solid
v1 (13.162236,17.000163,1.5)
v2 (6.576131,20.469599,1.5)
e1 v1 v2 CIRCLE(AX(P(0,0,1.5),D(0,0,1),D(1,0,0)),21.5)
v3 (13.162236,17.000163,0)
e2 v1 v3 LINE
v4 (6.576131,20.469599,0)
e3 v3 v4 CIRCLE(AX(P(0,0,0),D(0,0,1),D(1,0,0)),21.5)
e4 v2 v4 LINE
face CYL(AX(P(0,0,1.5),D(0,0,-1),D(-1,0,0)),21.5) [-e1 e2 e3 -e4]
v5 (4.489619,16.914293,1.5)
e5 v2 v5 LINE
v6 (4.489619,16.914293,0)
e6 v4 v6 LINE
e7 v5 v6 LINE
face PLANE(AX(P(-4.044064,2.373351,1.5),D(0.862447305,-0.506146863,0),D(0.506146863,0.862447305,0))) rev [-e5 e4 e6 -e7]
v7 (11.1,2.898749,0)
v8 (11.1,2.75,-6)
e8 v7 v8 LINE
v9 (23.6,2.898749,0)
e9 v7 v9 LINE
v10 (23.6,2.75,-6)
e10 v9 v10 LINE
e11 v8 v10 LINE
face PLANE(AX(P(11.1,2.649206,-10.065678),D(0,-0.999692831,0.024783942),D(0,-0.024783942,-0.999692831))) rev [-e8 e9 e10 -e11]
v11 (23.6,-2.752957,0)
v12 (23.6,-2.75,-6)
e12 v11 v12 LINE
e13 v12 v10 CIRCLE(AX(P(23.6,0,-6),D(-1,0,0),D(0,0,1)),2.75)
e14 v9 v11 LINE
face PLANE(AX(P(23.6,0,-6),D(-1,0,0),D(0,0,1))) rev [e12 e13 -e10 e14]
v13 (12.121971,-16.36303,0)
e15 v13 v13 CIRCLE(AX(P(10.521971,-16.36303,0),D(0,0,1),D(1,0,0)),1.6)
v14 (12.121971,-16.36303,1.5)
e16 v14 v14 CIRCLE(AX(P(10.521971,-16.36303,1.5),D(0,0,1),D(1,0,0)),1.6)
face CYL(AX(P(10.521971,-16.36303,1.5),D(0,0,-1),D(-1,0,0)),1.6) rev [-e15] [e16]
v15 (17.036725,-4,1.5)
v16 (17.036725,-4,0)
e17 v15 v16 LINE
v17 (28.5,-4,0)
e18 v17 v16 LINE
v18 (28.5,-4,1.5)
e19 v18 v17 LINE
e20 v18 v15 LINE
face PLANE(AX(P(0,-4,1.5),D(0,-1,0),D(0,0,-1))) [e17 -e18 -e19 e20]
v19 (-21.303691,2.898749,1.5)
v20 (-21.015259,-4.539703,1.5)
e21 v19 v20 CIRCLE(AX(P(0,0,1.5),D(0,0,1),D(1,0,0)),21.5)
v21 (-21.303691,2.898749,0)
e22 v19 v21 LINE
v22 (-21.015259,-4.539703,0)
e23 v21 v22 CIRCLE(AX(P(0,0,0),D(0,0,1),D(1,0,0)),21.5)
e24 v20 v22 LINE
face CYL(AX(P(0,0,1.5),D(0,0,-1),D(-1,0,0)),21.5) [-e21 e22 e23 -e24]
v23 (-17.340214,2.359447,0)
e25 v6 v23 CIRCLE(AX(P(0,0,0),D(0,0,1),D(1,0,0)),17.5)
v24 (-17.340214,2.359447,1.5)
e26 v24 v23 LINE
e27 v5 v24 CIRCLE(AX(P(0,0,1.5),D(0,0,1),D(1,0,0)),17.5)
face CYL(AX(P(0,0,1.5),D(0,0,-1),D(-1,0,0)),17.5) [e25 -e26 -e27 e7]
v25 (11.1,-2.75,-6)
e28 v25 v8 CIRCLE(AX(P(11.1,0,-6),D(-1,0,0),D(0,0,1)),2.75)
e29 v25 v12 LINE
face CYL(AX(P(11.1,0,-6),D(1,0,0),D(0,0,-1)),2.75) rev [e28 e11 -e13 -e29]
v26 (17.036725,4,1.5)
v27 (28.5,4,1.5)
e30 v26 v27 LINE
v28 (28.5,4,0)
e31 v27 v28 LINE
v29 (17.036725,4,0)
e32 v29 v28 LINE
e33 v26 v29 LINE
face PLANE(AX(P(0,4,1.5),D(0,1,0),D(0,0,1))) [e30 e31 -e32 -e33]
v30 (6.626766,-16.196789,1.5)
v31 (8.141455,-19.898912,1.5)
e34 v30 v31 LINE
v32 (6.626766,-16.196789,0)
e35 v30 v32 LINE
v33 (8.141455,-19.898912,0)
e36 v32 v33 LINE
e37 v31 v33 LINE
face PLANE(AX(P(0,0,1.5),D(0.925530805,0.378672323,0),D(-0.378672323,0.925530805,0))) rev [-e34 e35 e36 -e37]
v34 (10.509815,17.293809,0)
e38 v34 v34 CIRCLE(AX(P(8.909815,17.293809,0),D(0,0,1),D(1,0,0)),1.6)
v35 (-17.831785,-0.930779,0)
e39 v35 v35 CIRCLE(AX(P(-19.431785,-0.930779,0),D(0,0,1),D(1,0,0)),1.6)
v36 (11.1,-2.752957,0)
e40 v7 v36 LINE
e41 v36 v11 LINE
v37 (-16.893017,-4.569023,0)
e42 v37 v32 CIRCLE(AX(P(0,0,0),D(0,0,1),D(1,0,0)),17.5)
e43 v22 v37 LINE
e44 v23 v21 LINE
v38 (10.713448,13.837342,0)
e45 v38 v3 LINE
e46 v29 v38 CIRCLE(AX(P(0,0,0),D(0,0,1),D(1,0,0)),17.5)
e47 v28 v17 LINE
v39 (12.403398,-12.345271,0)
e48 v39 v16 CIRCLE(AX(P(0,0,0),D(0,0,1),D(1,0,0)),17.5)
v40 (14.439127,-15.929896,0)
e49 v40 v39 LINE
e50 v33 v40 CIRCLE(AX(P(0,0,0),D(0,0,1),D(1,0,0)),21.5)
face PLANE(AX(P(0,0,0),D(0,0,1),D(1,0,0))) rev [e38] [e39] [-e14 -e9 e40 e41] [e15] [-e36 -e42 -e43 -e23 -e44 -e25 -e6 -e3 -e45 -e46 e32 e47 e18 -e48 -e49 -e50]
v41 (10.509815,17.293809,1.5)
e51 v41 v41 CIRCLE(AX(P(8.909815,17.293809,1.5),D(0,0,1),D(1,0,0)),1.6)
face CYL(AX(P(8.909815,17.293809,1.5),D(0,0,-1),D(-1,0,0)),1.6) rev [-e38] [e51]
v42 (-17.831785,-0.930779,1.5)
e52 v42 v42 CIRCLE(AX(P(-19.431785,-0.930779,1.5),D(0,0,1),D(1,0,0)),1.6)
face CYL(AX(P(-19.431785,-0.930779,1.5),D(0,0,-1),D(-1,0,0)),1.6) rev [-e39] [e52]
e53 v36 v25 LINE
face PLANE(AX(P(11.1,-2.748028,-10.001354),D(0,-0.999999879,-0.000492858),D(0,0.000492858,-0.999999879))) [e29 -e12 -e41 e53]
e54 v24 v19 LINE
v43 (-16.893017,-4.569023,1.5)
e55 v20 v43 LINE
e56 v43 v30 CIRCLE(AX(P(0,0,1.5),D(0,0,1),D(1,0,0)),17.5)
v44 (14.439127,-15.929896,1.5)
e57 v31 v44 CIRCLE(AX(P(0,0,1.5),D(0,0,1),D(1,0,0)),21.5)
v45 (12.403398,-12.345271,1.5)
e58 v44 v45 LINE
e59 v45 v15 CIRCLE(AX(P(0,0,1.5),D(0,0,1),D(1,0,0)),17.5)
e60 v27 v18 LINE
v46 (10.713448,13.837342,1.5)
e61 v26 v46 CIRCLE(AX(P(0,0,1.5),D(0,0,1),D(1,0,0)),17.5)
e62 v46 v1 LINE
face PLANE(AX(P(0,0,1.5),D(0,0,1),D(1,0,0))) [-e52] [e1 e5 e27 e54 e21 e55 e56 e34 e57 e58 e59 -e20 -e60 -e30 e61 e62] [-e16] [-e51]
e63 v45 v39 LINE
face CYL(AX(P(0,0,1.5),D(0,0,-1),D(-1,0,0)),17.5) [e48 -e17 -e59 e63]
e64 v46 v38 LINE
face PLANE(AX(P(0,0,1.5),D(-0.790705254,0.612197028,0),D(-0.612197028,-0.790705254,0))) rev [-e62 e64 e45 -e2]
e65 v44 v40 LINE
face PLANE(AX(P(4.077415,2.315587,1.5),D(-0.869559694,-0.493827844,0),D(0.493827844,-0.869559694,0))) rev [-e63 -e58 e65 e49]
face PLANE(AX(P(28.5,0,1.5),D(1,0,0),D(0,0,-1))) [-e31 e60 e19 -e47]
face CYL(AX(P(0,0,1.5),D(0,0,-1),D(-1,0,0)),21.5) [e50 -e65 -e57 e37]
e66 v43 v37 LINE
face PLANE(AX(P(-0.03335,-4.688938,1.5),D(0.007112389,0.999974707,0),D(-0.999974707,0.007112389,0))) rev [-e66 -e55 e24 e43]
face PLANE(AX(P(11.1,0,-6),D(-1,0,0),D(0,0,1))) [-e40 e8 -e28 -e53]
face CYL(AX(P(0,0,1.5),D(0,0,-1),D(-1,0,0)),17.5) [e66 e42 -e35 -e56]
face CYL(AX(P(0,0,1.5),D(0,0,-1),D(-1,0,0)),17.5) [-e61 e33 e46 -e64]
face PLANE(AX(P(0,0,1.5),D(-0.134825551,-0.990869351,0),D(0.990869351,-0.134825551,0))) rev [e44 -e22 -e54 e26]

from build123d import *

# Parameters (mm, degrees)
SKETCH1_R           = 1.6
BOSS_EXTRUDE1_DEPTH = 1.5
BOSS_EXTRUDE2_START = -4.9
BOSS_EXTRUDE2_DEPTH = 12.5


with BuildPart() as part:
    # Sketch1 → Boss-Extrude1 (new body)
    with BuildSketch(Plane.XY):
        with BuildLine():
            Line((-17.340213643, 2.359447139), (-21.303691048, 2.898749343))
            ThreePointArc((-21.303691048, 2.898749343), (-21.483854857, -0.833054911), (-21.015258676, -4.539702939))
            Line((-21.015258676, -4.539702939), (-16.893017252, -4.569022665))
            ThreePointArc((-16.893017252, -4.569022665), (-17.46366078, -1.127187719), (-17.340213643, 2.359447139))
        make_face()
        with Locations((-19.431785099, -0.930778688)):
            Circle(SKETCH1_R, mode=Mode.SUBTRACT)
        with BuildLine():
            ThreePointArc((-16.893017252, -4.569022665), (-7.75565719, -15.687567738), (6.62676566, -16.196789092))
            ThreePointArc((6.62676566, -16.196789092), (9.70800359, -14.560380019), (12.403398325, -12.345270754))
            ThreePointArc((12.403398325, -12.345270754), (15.300036009, -8.494639375), (17.036725037, -4))
            Line((17.036725037, -4), (28.5, -4))
            Line((28.5, -4), (28.5, 4))
            Line((28.5, 4), (17.036725037, 4))
            ThreePointArc((17.036725037, 4), (14.721119178, 9.462486468), (10.713447983, 13.837341952))
            ThreePointArc((10.713447983, 13.837341952), (7.75565719, 15.687567738), (4.489618927, 16.91429342))
            ThreePointArc((4.489618927, 16.91429342), (-9.70800359, 14.560380019), (-17.340213643, 2.359447139))
            ThreePointArc((-17.340213643, 2.359447139), (-17.46366078, -1.127187719), (-16.893017252, -4.569022665))
        make_face()
        with BuildLine():
            Line((10.713447983, 13.837341952), (13.162236094, 17.00016297))
            ThreePointArc((13.162236094, 17.00016297), (10.020480713, 19.022091533), (6.576131268, 20.46959935))
            Line((6.576131268, 20.46959935), (4.489618927, 16.91429342))
            ThreePointArc((4.489618927, 16.91429342), (7.75565719, 15.687567738), (10.713447983, 13.837341952))
        make_face()
        with Locations((8.909814561, 17.293808881)):
            Circle(SKETCH1_R, mode=Mode.SUBTRACT)
        with BuildLine():
            Line((6.62676566, -16.196789092), (8.141454954, -19.898912313))
            ThreePointArc((8.141454954, -19.898912313), (11.463374144, -18.189036622), (14.439127409, -15.929896411))
            Line((14.439127409, -15.929896411), (12.403398325, -12.345270754))
            ThreePointArc((12.403398325, -12.345270754), (9.70800359, -14.560380019), (6.62676566, -16.196789092))
        make_face()
        with Locations((10.521970538, -16.363030193)):
            Circle(SKETCH1_R, mode=Mode.SUBTRACT)
    extrude(amount=BOSS_EXTRUDE1_DEPTH)

    # Sketch2 → Boss-Extrude2 (add)
    with BuildSketch(Plane(origin=(28.5, 0, 0), x_dir=(0, 0, -1), z_dir=(1, 0, 0)).offset(BOSS_EXTRUDE2_START)):
        with BuildLine():
            ThreePointArc((6, -2.75), (3.25, 0), (6, 2.75))
            Line((6, 2.75), (0, 2.898749343))
            Line((0, 2.898749343), (0, -2.752957148))
            Line((0, -2.752957148), (6, -2.75))
        make_face()
    extrude(amount=-BOSS_EXTRUDE2_DEPTH)


solid = part.part
